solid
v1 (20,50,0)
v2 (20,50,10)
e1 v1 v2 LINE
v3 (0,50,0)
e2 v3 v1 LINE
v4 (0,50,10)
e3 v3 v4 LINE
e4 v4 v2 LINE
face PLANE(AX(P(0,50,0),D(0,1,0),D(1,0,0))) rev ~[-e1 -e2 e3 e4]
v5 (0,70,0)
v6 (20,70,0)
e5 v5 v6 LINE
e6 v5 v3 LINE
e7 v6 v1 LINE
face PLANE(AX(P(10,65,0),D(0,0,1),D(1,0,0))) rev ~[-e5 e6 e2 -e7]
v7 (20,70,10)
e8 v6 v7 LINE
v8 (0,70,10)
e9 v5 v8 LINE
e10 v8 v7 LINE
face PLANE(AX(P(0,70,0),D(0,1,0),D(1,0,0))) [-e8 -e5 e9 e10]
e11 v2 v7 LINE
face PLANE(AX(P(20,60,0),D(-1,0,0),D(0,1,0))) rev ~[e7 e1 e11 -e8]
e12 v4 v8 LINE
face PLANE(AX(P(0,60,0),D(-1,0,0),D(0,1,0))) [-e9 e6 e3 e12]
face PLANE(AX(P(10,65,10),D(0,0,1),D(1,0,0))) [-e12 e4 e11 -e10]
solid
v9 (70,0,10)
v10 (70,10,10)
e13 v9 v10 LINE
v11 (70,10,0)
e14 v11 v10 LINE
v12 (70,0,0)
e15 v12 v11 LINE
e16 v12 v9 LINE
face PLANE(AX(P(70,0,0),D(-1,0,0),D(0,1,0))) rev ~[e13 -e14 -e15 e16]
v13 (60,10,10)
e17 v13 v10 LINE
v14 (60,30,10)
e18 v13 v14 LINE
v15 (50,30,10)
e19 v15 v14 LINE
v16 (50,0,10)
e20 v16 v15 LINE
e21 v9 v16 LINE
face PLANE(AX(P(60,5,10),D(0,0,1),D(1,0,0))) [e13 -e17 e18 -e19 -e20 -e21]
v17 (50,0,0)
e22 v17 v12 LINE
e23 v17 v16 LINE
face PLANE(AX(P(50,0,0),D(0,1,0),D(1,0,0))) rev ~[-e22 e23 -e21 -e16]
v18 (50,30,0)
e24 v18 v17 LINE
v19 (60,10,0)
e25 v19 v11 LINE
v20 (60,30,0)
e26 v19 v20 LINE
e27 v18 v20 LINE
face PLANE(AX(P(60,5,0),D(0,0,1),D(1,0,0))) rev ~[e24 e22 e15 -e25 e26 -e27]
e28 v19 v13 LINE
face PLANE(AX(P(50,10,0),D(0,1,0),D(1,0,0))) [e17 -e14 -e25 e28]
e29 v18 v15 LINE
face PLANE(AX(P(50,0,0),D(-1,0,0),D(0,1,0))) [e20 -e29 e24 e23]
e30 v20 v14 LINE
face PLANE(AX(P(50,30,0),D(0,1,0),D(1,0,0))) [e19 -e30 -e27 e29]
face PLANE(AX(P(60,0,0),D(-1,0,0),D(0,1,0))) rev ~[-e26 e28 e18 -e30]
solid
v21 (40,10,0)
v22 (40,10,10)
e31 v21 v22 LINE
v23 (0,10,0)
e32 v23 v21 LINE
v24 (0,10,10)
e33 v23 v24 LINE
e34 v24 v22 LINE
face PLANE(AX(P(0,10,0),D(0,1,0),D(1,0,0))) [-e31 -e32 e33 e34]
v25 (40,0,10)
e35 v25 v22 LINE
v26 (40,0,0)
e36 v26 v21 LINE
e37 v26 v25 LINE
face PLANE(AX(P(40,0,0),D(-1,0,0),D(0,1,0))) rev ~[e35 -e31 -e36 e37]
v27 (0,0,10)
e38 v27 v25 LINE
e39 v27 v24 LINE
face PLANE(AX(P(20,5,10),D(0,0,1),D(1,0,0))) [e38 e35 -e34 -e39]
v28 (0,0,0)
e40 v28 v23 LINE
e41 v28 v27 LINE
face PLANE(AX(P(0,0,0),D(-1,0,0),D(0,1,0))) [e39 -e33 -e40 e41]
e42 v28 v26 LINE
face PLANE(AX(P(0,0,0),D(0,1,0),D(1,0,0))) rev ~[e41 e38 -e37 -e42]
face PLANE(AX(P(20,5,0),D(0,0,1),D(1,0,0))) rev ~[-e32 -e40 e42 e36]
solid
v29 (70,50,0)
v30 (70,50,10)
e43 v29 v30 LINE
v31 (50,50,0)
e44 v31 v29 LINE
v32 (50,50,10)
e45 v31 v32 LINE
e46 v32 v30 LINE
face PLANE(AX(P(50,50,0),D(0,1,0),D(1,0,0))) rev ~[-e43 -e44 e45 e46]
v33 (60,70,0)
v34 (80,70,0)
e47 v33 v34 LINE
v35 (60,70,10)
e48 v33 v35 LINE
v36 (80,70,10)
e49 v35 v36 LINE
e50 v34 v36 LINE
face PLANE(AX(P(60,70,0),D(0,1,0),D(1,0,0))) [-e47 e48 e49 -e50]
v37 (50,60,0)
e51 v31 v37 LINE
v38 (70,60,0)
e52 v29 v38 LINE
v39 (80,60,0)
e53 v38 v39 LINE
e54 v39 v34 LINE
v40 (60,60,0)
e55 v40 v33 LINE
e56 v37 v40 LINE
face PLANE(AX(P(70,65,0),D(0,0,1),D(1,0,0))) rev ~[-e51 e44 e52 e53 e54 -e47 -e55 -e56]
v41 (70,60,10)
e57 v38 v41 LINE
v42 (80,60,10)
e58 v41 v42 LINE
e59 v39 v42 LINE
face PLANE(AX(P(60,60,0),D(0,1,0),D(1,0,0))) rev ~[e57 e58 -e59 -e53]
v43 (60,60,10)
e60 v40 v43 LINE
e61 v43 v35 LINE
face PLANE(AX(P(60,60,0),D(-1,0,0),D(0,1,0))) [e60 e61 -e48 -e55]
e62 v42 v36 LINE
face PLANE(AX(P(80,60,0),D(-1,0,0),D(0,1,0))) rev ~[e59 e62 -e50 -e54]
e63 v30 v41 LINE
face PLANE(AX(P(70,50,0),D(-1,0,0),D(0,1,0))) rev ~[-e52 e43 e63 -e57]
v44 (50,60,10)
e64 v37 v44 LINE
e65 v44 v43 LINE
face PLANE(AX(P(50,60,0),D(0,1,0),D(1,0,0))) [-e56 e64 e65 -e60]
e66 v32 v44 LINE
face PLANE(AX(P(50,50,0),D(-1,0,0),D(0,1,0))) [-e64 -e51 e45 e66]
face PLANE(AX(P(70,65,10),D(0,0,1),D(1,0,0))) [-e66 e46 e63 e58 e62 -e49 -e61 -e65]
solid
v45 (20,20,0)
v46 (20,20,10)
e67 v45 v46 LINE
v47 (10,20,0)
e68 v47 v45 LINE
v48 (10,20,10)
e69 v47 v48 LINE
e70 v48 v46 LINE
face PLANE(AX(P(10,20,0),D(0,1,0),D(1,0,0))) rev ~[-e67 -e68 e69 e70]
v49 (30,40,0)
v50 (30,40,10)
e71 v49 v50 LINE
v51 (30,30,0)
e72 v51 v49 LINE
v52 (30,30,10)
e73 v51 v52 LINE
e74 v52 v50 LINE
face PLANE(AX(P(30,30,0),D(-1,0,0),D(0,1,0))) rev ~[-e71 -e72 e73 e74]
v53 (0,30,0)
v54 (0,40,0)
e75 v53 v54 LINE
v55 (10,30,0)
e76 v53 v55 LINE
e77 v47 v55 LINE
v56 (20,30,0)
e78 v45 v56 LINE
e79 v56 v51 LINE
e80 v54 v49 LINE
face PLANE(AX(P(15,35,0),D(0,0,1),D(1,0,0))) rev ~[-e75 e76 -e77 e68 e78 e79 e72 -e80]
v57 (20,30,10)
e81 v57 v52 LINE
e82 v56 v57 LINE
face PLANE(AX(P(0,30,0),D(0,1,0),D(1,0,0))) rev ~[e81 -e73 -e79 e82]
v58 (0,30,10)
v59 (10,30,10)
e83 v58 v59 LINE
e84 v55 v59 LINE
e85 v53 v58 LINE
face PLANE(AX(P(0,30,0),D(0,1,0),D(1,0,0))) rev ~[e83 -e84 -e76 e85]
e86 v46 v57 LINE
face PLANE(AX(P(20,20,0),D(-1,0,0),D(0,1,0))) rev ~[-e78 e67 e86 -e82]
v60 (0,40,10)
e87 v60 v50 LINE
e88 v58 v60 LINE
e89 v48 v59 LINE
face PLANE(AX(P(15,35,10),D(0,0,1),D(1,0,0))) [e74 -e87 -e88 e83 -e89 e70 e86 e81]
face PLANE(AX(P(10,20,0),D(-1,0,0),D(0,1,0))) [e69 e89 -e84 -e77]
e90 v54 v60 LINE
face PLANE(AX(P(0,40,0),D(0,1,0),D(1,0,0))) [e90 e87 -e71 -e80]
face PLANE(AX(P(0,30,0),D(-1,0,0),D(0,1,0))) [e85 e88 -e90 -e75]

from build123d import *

# Parameters (mm, degrees)
BOX_W        = 40
BOX_H        = 10
BOX_DEPTH    = 10
BOX001_W     = 10
BOX001_H     = 10
BOX001_DEPTH = 10
BOX002_W     = 30
BOX002_H     = 10
BOX002_DEPTH = 10
BOX004_W     = 10
BOX004_H     = 30
BOX004_DEPTH = 10
BOX003_W     = 20
BOX003_H     = 10
BOX003_DEPTH = 10
BOX006_W     = 20
BOX006_H     = 10
BOX006_DEPTH = 10
BOX005_W     = 20
BOX005_H     = 10
BOX005_DEPTH = 10
BOX008_W     = 20
BOX008_H     = 10
BOX008_DEPTH = 10
BOX007_W     = 20
BOX007_H     = 10
BOX007_DEPTH = 10


with BuildPart() as box:
    # Box → Box (new body)
    with BuildSketch(Plane.XY):
        with Locations((20, 5)):
            Rectangle(BOX_W, BOX_H)
    extrude(amount=BOX_DEPTH)


with BuildPart() as cub001:
    # Box001 → Box001 (new body)
    with BuildSketch(Plane(origin=(10, 20, 0), x_dir=(1, 0, 0), z_dir=(0, 0, 1))):
        with Locations((5, 5)):
            Rectangle(BOX001_W, BOX001_H)
    extrude(amount=BOX001_DEPTH)


with BuildPart() as figura2:
    # Box002 → Box002 (new body)
    with BuildSketch(Plane(origin=(0, 30, 0), x_dir=(1, 0, 0), z_dir=(0, 0, 1))):
        with Locations((15, 5)):
            Rectangle(BOX002_W, BOX002_H)
    extrude(amount=BOX002_DEPTH)

    # Fusion: union Cub001
    add(cub001.part)


with BuildPart() as cub003:
    # Box004 → Box004 (new body)
    with BuildSketch(Plane(origin=(50, 0, 0), x_dir=(1, 0, 0), z_dir=(0, 0, 1))):
        with Locations((5, 15)):
            Rectangle(BOX004_W, BOX004_H)
    extrude(amount=BOX004_DEPTH)


with BuildPart() as figura3:
    # Box003 → Box003 (new body)
    with BuildSketch(Plane(origin=(50, 0, 0), x_dir=(1, 0, 0), z_dir=(0, 0, 1))):
        with Locations((10, 5)):
            Rectangle(BOX003_W, BOX003_H)
    extrude(amount=BOX003_DEPTH)

    # Fusion002: union Cub003
    add(cub003.part)


with BuildPart() as cub005:
    # Box006 → Box006 (new body)
    with BuildSketch(Plane(origin=(0, 60, 0), x_dir=(1, 0, 0), z_dir=(0, 0, 1))):
        with Locations((10, 5)):
            Rectangle(BOX006_W, BOX006_H)
    extrude(amount=BOX006_DEPTH)


with BuildPart() as fusion005:
    # Box005 → Box005 (new body)
    with BuildSketch(Plane(origin=(0, 50, 0), x_dir=(1, 0, 0), z_dir=(0, 0, 1))):
        with Locations((10, 5)):
            Rectangle(BOX005_W, BOX005_H)
    extrude(amount=BOX005_DEPTH)

    # Fusion004: union Cub005
    add(cub005.part)


with BuildPart() as cub007:
    # Box008 → Box008 (new body)
    with BuildSketch(Plane(origin=(60, 60, 0), x_dir=(1, 0, 0), z_dir=(0, 0, 1))):
        with Locations((10, 5)):
            Rectangle(BOX008_W, BOX008_H)
    extrude(amount=BOX008_DEPTH)


with BuildPart() as fusion007:
    # Box007 → Box007 (new body)
    with BuildSketch(Plane(origin=(50, 50, 0), x_dir=(1, 0, 0), z_dir=(0, 0, 1))):
        with Locations((10, 5)):
            Rectangle(BOX007_W, BOX007_H)
    extrude(amount=BOX007_DEPTH)

    # Fusion006: union Cub007
    add(cub007.part)


solid = Compound([box.part, figura2.part, figura3.part, fusion005.part, fusion007.part])
